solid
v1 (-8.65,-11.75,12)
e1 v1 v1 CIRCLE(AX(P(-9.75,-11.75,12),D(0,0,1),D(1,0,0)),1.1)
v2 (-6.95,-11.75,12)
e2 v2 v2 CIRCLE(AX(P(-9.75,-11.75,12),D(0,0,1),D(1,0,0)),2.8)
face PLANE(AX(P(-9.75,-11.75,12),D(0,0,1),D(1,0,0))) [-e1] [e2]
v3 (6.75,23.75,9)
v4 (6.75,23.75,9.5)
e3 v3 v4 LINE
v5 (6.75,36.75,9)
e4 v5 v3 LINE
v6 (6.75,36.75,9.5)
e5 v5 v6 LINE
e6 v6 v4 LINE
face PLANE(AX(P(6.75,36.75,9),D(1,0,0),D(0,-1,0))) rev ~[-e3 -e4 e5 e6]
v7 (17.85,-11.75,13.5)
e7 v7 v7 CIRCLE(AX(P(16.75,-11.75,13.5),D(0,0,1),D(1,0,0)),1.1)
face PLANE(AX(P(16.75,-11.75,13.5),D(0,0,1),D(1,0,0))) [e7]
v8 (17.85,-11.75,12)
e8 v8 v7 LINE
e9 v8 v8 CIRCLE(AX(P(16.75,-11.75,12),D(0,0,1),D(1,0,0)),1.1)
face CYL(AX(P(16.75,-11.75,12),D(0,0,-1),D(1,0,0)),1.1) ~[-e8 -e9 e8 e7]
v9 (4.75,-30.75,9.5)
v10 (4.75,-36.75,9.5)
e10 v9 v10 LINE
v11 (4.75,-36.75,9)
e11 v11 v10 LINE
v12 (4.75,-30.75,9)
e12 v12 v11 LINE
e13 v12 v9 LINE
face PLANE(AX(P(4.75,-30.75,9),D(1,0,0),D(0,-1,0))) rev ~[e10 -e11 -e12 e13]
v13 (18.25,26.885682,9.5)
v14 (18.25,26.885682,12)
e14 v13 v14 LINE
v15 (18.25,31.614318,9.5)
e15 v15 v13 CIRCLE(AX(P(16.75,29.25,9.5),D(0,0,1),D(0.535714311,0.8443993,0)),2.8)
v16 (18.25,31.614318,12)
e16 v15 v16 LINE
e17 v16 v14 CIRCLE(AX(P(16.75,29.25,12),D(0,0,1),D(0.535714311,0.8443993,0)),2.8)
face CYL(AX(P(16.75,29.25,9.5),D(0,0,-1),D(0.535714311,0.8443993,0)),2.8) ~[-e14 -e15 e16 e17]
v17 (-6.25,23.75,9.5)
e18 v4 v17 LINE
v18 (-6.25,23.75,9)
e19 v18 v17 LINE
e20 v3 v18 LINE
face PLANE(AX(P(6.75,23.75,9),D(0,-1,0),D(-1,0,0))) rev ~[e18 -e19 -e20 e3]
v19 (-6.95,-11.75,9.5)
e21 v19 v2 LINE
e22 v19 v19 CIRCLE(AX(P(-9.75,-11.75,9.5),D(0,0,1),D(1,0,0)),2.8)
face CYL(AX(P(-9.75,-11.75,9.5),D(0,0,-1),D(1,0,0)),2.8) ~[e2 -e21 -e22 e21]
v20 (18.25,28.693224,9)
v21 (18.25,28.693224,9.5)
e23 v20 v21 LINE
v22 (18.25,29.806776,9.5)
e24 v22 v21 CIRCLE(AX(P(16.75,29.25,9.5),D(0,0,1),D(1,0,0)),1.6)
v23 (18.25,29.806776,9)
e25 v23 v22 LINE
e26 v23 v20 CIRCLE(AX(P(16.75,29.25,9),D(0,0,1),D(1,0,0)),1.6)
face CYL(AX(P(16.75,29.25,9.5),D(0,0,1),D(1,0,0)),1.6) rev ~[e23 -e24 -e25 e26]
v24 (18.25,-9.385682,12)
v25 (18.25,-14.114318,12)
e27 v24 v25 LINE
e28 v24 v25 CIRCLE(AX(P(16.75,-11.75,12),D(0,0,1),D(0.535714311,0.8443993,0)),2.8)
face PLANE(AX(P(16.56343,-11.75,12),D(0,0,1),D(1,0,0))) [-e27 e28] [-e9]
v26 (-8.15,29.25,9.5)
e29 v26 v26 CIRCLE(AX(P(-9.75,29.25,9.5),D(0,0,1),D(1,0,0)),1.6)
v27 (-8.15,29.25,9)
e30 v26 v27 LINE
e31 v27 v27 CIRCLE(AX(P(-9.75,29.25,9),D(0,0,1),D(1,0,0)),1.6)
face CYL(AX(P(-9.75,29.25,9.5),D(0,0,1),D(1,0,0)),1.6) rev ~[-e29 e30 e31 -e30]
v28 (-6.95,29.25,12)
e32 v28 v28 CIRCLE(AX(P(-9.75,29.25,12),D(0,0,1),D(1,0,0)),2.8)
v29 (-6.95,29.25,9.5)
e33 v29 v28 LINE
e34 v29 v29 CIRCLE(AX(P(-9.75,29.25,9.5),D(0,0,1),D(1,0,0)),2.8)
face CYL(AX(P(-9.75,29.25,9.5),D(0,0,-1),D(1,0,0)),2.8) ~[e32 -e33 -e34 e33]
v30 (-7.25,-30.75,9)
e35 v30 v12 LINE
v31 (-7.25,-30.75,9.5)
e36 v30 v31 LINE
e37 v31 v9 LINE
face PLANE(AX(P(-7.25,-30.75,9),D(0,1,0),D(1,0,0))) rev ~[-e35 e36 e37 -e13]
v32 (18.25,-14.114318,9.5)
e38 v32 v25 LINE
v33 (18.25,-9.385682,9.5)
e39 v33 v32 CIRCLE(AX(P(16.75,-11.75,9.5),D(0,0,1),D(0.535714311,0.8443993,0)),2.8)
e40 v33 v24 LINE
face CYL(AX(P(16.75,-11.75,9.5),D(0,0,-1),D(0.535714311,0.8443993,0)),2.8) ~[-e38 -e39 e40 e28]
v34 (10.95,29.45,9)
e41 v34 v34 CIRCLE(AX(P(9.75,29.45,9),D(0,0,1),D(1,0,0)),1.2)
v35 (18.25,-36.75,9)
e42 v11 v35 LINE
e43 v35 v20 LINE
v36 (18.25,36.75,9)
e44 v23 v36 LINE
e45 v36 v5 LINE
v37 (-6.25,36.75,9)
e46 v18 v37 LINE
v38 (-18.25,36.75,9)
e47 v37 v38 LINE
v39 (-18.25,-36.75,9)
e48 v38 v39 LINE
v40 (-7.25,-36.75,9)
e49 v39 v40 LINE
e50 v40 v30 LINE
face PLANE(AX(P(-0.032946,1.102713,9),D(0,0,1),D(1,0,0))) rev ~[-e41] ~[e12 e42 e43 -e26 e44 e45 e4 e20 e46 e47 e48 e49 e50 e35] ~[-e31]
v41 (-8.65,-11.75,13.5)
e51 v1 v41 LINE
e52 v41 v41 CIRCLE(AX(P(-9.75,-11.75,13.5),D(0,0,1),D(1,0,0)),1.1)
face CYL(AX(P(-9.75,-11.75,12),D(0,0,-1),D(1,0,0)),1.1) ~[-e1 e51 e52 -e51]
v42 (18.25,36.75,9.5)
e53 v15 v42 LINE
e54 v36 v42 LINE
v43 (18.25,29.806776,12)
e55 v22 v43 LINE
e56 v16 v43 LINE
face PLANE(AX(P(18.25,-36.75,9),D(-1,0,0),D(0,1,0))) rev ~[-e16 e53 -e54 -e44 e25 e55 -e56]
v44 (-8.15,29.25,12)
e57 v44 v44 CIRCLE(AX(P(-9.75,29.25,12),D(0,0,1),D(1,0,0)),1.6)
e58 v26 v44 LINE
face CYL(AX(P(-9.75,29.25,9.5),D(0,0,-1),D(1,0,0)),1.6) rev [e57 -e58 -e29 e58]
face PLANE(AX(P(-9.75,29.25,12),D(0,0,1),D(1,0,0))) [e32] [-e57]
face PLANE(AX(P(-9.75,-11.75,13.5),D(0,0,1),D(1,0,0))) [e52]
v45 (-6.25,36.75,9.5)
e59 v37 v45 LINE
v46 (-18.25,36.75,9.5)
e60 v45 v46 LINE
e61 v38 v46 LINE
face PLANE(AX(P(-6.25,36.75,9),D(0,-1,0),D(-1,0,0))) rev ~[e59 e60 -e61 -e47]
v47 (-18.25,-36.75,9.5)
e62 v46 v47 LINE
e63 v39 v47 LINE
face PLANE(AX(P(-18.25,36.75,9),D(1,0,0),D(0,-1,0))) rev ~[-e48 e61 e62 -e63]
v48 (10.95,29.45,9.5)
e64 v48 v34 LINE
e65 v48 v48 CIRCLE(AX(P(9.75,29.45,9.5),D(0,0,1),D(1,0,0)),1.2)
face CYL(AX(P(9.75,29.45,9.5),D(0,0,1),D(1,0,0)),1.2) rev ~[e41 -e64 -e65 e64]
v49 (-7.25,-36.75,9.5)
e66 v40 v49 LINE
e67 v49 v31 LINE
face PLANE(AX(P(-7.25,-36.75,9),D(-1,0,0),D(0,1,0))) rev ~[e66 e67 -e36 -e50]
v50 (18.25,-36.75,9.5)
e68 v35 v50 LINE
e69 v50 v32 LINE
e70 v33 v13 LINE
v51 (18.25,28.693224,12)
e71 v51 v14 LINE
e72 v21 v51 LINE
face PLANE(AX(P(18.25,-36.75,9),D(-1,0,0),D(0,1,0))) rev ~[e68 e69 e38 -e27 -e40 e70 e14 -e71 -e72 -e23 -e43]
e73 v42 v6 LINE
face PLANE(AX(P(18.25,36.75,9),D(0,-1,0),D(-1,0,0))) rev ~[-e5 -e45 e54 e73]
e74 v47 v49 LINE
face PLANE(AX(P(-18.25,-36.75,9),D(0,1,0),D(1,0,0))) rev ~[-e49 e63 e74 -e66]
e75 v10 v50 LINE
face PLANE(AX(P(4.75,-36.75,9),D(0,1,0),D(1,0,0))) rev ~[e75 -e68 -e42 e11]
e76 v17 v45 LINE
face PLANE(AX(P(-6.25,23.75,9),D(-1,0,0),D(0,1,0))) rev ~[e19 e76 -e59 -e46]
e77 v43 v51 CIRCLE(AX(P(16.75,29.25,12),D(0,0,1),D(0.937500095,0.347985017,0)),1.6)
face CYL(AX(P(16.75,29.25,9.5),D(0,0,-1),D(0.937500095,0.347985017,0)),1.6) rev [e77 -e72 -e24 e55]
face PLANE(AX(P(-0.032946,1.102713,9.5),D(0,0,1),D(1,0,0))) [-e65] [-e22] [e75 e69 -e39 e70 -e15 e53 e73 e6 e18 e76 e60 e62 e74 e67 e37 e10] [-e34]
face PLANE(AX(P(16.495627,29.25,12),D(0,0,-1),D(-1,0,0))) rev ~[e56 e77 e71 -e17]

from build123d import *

# Parameters (mm, degrees)
PAD011_DEPTH       = 0.5
SKETCH009_R        = 1.6
SKETCH009_R_2      = 1.2
POCKET012014_DEPTH = 0.501
SKETCH010_R        = 2.8
SKETCH010_R_2      = 1.6
PAD012_DEPTH       = 2.5
SKETCH011_R        = 1.1
PAD013_DEPTH       = 1.5


with BuildPart() as part:
    # Sketch008 → Pad011 (new body)
    with BuildSketch(Plane.XY.offset(9)):
        Polygon((18.25, -36.75), (18.25, 36.75), (6.75, 36.75), (6.75, 23.75), (-6.25, 23.75), (-6.25, 36.75), (-18.25, 36.75), (-18.25, -36.75), (-7.25, -36.75), (-7.25, -30.75), (4.75, -30.75), (4.75, -36.75), align=None)
    extrude(amount=PAD011_DEPTH)

    # Sketch009 → Pocket012014 (cut, through all)
    with BuildSketch(Plane.XY.offset(9.5)):
        with Locations((-9.75, 29.25)):
            Circle(SKETCH009_R)
        with Locations((16.75, 29.25)):
            Circle(SKETCH009_R)
        with Locations((9.75, 29.45)):
            Circle(SKETCH009_R_2)
    extrude(amount=-POCKET012014_DEPTH, mode=Mode.SUBTRACT)

    # Sketch010 → Pad012 (new body)
    with BuildSketch(Plane.XY.offset(9.5)):
        with Locations((-9.75, 29.25)):
            Circle(SKETCH010_R)
        with Locations((-9.75, 29.25)):
            Circle(SKETCH010_R_2, mode=Mode.SUBTRACT)
        with Locations((-9.75, -11.75)):
            Circle(SKETCH010_R)
        with BuildLine():
            ThreePointArc((18.25, 29.806776), (15.15, 29.25), (18.25, 28.693224))
            Line((18.25, 28.693224), (18.25, 26.885682))
            ThreePointArc((18.25, 31.614318), (13.95, 29.25), (18.25, 26.885682))
            Line((18.25, 31.614318), (18.25, 29.806776))
        make_face()
        with BuildLine():
            ThreePointArc((18.25, -9.385682), (13.95, -11.75), (18.25, -14.114318))
            Line((18.25, -9.385682), (18.25, -14.114318))
        make_face()
    extrude(amount=PAD012_DEPTH)

    # Sketch011 → Pad013 (new body)
    with BuildSketch(Plane.XY.offset(12)):
        with Locations((-9.75, -11.75)):
            Circle(SKETCH011_R)
        with Locations((16.75, -11.75)):
            Circle(SKETCH011_R)
    extrude(amount=PAD013_DEPTH)


solid = part.part
